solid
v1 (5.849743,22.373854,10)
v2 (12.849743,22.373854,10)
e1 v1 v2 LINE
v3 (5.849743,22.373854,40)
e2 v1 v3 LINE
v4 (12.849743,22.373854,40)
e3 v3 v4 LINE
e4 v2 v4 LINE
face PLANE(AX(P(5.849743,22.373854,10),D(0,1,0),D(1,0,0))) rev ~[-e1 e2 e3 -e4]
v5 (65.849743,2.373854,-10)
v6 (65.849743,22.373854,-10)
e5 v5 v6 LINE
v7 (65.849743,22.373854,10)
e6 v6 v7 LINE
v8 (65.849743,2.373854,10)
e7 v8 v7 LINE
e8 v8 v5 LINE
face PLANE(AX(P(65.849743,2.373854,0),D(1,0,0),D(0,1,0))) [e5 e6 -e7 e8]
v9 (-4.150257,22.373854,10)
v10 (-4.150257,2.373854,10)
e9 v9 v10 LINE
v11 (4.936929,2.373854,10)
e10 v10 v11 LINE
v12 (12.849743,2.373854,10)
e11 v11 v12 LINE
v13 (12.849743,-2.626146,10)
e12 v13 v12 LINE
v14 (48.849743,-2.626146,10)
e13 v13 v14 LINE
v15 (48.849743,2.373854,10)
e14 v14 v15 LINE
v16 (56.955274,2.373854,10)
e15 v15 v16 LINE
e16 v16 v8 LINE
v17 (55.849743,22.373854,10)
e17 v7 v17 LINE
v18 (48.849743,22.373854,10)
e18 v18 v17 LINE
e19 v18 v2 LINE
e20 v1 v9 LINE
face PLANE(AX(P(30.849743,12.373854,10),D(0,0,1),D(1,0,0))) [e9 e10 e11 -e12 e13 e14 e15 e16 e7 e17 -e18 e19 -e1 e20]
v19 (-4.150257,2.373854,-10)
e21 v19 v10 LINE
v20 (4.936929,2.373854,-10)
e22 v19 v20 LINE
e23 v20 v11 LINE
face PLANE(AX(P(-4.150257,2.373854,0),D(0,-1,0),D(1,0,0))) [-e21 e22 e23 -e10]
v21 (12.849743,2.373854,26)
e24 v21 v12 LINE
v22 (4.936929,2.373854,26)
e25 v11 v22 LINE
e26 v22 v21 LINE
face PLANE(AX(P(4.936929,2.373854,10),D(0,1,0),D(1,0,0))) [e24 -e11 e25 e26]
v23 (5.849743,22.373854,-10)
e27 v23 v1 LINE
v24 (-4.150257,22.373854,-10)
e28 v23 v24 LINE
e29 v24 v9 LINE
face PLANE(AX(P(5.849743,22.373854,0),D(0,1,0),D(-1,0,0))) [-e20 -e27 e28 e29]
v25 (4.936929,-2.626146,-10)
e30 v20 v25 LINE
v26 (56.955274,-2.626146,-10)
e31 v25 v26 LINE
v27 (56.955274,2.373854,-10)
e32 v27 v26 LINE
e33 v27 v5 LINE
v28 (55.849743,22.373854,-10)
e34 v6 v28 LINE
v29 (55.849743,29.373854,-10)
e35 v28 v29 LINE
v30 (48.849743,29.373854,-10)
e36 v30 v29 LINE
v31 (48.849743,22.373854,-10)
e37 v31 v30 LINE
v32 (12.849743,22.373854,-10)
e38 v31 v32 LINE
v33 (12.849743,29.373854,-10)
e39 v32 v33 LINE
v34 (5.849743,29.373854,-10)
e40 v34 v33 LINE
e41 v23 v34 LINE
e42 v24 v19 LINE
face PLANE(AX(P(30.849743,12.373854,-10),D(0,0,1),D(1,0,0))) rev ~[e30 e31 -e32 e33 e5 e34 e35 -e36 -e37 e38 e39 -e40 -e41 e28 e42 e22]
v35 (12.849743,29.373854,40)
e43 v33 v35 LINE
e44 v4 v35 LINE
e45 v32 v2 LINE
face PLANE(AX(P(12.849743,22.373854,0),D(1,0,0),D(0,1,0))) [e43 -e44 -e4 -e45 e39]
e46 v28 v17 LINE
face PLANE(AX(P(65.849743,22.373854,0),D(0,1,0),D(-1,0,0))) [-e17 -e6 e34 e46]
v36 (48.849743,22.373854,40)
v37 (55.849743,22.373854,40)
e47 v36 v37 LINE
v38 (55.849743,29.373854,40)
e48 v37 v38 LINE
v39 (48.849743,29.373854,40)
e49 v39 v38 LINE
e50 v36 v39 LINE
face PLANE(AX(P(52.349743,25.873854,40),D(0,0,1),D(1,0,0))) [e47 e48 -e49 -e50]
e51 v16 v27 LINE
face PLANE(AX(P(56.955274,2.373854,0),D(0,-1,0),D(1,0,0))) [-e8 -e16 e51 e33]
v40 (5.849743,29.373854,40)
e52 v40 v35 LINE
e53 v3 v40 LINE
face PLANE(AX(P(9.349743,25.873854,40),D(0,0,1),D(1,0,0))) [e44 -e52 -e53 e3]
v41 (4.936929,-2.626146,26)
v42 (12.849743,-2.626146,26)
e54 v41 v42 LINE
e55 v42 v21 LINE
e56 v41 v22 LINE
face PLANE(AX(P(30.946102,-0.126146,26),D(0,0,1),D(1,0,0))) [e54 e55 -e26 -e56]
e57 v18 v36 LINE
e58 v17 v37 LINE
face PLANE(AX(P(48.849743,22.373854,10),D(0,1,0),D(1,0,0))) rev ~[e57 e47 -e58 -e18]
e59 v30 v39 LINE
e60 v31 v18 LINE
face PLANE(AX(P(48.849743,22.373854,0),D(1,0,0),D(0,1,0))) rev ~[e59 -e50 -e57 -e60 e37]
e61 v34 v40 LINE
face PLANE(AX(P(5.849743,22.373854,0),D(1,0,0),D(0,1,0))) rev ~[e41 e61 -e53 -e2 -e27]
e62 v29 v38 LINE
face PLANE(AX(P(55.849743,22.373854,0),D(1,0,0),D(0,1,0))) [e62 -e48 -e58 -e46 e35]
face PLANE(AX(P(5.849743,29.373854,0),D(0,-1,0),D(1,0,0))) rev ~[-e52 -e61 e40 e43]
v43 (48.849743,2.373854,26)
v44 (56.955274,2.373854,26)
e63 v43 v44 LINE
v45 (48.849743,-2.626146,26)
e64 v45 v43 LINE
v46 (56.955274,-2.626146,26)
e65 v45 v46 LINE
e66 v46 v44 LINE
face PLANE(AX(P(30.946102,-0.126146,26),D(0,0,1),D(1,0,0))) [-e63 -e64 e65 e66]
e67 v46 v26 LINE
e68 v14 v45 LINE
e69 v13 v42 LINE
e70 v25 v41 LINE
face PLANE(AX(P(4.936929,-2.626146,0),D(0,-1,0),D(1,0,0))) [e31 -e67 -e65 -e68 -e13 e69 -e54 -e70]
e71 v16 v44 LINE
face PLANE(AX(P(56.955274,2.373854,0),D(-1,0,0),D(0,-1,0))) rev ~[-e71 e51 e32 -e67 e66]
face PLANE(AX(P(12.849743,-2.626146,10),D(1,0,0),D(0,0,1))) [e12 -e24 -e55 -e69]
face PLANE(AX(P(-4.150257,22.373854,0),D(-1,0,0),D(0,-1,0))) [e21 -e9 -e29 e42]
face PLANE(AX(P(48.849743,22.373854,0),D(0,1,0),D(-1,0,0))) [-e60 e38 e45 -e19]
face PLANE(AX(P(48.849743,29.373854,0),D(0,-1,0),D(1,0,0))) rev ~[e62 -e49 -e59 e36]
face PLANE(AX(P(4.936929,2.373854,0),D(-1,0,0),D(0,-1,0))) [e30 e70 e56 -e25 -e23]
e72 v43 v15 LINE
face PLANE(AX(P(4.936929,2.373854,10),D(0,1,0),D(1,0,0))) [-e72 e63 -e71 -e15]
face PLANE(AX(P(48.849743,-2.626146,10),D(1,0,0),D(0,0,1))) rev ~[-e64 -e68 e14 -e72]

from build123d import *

# Parameters (mm, degrees)
F0_W      = 7
F0_H      = 7
F1_DEPTH  = 10
F2_W      = 7
F2_H      = 7
F3_DEPTH  = 30
F4_W      = 52.0183453336
F4_H      = 10
F5_DEPTH  = 5
F6_W      = 52.0183453336
F6_H      = 5
F7_DEPTH  = 16
F8_W      = 36
F8_H      = 16
F9_DEPTH  = 25
F10_DEPTH = 25
F11_DEPTH = 10


with BuildPart() as f1:
    # F0 (on Top) → F1 (new body)
    with BuildSketch(Plane.XY):
        Polygon((65.8497434995, 2.3738544621), (65.8497434995, 22.3738544621), (55.8497434995, 22.3738544621), (48.8497434995, 22.3738544621), (12.8497434995, 22.3738544621), (5.8497434995, 22.3738544621), (-4.1502565005, 22.3738544621), (-4.1502565005, 2.3738544621), align=None)
        with Locations((52.3497434995, 25.8738544621)):
            Rectangle(F0_W, F0_H)
        with Locations((9.3497434995, 25.8738544621)):
            Rectangle(F0_W, F0_H)
    extrude(amount=F1_DEPTH)

    # F2 (on face) → F3 (join)
    with BuildSketch(Plane.XY.offset(10)):
        with Locations((9.3497434995, 25.8738544621)):
            Rectangle(F2_W, F2_H)
        with Locations((52.3497434995, 25.8738544621)):
            Rectangle(F2_W, F2_H)
    extrude(amount=F3_DEPTH)

    # F4 (on face) → F5 (join)
    with BuildSketch(Plane.XZ.offset(-2.3738544621)):
        with Locations((30.9461015277, 5)):
            Rectangle(F4_W, F4_H)
    extrude(amount=F5_DEPTH)

    # F6 (on face) → F7 (join)
    with BuildSketch(Plane.XY.offset(10)):
        with Locations((30.9461015277, -0.1261455379)):
            Rectangle(F6_W, F6_H)
    extrude(amount=F7_DEPTH)

    # F8 (on face) → F9 (cut)
    with BuildSketch(Plane.XZ.offset(2.6261455379)):
        with Locations((30.8497434995, 18)):
            Rectangle(F8_W, F8_H)
    extrude(amount=-F9_DEPTH, mode=Mode.SUBTRACT)

    # F8 (on face) → F10 (cut)
    with BuildSketch(Plane.XZ.offset(2.6261455379)):
        with Locations((30.8497434995, 18)):
            Rectangle(F8_W, F8_H)
    extrude(amount=-F10_DEPTH, mode=Mode.SUBTRACT)

    # F11 (add): a face of the model
    f11_faces = [f1.faces().sort_by_distance(p)[0] for p in [
        (30.8639986862, 11.2771275086, 0),
    ]]
    extrude(f11_faces, amount=F11_DEPTH)


solid = f1.part
